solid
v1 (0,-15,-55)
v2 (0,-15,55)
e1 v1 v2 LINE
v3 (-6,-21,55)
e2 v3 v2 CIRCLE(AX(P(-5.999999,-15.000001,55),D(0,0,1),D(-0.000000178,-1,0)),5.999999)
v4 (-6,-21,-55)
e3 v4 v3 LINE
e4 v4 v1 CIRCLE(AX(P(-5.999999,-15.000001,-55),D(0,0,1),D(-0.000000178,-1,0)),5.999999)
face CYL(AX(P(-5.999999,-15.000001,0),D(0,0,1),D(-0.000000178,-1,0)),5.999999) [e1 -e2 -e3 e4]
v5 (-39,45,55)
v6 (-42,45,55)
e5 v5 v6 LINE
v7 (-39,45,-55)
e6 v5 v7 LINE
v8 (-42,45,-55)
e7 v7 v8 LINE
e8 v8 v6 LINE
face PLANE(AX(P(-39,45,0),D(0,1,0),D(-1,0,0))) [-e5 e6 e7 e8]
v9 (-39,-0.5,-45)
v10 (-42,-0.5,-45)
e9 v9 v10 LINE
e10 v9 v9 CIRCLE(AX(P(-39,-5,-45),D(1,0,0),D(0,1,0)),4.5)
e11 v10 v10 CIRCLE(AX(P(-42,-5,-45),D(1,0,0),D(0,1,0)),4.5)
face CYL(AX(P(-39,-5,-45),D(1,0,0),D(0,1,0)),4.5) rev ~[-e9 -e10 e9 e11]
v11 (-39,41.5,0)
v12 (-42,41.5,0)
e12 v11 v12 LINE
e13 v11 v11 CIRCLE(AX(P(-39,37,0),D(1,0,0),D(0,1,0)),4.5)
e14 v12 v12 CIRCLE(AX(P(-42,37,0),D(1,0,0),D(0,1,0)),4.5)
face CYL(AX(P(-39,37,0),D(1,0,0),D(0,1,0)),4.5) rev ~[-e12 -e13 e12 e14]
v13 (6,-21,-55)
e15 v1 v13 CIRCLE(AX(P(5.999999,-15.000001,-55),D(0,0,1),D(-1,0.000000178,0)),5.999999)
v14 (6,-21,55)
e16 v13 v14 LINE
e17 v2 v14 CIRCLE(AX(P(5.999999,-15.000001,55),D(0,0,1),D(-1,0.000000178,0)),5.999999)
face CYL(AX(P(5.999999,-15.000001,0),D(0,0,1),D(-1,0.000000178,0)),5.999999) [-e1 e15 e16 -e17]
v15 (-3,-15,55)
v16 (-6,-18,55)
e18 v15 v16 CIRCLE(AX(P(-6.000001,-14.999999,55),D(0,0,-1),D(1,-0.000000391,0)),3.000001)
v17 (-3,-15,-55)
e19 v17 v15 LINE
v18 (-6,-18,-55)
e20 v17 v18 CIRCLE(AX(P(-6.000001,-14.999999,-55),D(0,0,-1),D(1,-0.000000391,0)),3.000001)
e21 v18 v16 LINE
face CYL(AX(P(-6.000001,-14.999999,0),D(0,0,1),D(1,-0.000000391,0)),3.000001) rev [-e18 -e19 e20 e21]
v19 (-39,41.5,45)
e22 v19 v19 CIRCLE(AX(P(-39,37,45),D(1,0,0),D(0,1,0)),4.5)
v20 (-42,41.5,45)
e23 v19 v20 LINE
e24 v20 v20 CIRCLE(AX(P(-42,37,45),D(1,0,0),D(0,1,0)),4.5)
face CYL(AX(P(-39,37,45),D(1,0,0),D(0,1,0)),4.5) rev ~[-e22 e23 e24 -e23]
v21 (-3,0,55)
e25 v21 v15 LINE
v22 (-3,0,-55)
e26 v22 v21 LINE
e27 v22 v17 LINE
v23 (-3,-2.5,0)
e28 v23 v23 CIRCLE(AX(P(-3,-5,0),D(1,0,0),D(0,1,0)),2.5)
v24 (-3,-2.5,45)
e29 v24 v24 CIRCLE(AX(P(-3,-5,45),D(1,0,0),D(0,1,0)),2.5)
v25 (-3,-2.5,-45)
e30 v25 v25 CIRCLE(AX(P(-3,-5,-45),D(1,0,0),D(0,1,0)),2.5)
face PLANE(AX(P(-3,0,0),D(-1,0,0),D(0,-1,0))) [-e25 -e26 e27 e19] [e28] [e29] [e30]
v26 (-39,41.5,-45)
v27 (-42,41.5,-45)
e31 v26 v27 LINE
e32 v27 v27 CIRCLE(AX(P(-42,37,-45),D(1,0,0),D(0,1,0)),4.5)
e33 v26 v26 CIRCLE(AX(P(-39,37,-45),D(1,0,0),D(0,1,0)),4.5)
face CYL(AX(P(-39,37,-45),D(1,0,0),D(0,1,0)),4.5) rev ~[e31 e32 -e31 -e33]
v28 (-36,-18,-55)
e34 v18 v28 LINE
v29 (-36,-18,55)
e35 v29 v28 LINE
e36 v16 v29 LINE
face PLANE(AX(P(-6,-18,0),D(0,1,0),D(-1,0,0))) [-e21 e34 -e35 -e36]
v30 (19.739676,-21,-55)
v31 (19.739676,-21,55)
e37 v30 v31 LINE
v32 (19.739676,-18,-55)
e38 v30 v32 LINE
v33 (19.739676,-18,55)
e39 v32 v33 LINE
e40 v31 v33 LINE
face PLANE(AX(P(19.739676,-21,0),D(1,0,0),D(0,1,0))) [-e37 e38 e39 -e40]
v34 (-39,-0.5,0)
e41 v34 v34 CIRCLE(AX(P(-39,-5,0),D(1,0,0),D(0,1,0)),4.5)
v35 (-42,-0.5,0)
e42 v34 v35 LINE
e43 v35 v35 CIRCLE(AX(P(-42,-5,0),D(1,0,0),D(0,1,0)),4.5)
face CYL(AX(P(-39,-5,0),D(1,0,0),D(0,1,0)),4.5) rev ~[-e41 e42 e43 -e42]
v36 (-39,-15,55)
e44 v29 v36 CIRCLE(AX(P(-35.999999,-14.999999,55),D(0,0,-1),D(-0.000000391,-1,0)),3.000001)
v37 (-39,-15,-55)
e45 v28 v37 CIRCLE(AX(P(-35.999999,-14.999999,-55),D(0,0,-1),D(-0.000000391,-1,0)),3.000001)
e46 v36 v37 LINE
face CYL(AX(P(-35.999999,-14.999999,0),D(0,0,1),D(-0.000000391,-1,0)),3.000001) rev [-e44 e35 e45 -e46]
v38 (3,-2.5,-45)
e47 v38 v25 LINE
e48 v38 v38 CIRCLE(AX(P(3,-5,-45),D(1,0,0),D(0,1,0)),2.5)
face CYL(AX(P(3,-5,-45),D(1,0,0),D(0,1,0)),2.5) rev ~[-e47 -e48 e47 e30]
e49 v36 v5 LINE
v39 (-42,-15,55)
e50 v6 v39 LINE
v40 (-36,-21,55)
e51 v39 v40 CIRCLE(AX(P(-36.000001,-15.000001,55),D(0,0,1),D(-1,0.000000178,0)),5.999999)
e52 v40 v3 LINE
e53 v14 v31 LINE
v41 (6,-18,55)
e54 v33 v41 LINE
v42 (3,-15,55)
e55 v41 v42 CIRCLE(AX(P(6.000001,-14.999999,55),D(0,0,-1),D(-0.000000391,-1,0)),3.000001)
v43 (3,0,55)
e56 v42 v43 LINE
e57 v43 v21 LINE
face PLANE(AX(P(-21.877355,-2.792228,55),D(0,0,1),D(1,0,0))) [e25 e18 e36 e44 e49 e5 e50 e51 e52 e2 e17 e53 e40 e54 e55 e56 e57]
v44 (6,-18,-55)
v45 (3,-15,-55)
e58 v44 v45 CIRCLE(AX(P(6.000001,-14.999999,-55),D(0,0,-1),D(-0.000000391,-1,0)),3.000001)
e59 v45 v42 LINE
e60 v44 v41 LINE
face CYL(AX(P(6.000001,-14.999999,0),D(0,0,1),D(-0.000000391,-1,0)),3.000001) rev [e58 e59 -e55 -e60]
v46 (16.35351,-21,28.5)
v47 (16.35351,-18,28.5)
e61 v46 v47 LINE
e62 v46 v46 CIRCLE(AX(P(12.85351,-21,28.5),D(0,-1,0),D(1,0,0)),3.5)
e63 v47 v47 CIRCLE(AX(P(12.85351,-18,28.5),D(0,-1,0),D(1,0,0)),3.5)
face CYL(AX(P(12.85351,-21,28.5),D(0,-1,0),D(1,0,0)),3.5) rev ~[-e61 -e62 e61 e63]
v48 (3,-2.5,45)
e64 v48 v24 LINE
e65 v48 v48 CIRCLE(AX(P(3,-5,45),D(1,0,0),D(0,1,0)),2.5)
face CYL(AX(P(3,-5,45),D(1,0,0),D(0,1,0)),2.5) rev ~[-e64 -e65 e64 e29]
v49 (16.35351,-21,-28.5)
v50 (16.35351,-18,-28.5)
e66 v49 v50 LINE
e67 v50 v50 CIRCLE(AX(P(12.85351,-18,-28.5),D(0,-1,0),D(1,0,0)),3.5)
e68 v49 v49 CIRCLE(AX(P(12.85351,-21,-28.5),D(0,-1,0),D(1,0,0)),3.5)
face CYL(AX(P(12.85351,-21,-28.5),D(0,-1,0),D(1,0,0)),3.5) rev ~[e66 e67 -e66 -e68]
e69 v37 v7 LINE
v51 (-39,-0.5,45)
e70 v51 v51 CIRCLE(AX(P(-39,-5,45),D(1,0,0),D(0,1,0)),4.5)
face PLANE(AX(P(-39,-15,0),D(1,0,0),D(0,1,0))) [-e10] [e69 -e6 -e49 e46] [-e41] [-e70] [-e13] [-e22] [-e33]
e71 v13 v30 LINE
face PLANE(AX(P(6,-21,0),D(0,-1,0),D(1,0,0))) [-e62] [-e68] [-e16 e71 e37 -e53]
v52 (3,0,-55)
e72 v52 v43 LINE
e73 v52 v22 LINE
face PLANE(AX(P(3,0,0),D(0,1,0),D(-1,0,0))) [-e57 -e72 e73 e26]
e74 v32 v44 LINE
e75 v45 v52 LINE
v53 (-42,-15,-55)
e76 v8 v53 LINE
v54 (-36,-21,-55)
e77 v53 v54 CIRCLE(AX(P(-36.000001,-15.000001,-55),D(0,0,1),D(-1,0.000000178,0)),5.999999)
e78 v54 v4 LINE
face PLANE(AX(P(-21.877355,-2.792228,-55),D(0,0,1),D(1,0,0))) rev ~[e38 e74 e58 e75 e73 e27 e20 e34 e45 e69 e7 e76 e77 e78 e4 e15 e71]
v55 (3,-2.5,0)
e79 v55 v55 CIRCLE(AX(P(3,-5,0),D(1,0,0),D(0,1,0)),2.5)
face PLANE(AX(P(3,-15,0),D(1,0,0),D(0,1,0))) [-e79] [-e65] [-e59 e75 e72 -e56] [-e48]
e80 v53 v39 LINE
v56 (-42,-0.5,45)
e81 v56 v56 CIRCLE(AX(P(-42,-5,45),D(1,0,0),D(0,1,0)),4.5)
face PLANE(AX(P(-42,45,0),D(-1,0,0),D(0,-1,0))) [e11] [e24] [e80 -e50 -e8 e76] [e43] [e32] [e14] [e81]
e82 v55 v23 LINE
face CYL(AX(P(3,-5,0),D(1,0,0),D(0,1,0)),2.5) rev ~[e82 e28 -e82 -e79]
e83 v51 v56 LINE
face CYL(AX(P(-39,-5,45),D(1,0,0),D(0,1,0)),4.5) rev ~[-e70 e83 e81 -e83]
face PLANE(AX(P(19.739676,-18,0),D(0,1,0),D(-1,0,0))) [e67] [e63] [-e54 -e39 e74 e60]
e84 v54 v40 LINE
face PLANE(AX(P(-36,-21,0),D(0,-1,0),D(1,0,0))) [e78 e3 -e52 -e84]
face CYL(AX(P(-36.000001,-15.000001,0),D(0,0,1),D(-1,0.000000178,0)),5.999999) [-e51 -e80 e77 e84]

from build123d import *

# Parameters (mm, degrees)
F1_DEPTH      = 55
F1_DEPTH_BACK = 55
F2_R          = 2.5
F3_DEPTH      = 45.001
F4_R          = 4.5
F5_DEPTH      = 3
F6_R          = 4.5
F7_DEPTH      = 3
F8_R          = 3.5
F9_DEPTH      = 3


with BuildPart() as f1:
    # F0 (on Top) → F1 (new body, two sides)
    with BuildSketch(Plane.XY) as f1_sk:
        with BuildLine():
            Line((-39, 45), (-42, 45))
            Line((-42, 45), (-42, -15))
            ThreePointArc((-42, -15), (-40.242641, -19.242641), (-36, -21))
            Line((-36, -21), (-6, -21))
            ThreePointArc((-6, -21), (-1.757359, -19.242641), (0, -15))
            ThreePointArc((0, -15), (1.757359, -19.242641), (6, -21))
            Line((6, -21), (19.739676, -21))
            Line((19.739676, -21), (19.739676, -18))
            Line((19.739676, -18), (6, -18))
            ThreePointArc((6, -18), (3.87868, -17.12132), (3, -15))
            Line((3, -15), (3, 0))
            Line((3, 0), (-3, 0))
            Line((-3, 0), (-3, -15))
            ThreePointArc((-3, -15), (-3.87868, -17.12132), (-6, -18))
            Line((-6, -18), (-36, -18))
            ThreePointArc((-36, -18), (-38.12132, -17.12132), (-39, -15))
            Line((-39, -15), (-39, 45))
        make_face()
    extrude(amount=F1_DEPTH)
    extrude(f1_sk.sketch, amount=-F1_DEPTH_BACK)

    # F2 (on face) → F3 (cut, through all)
    with BuildSketch(Plane.YZ.offset(3)):
        with Locations((-5, 45)):
            Circle(F2_R)
        with Locations((-5, 0)):
            Circle(F2_R)
        with Locations((-5, -45)):
            Circle(F2_R)
    extrude(amount=-F3_DEPTH, mode=Mode.SUBTRACT)

    # F4 (on face) → F5 (cut)
    with BuildSketch(Plane.YZ.offset(-39)):
        with Locations((-5, 45)):
            Circle(F4_R)
        with Locations((-5, 0)):
            Circle(F4_R)
        with Locations((-5, -45)):
            Circle(F4_R)
    extrude(amount=-F5_DEPTH, mode=Mode.SUBTRACT)

    # F6 (on face) → F7 (cut)
    with BuildSketch(Plane.YZ.offset(-39)):
        with Locations((37, 0)):
            Circle(F6_R)
        with Locations((37, -45)):
            Circle(F6_R)
        with Locations((37, 45)):
            Circle(F6_R)
    extrude(amount=-F7_DEPTH, mode=Mode.SUBTRACT)

    # F8 (on face) → F9 (cut)
    with BuildSketch(Plane.XZ.offset(21)):
        with Locations((12.85351, 28.5)):
            Circle(F8_R)
        with Locations((12.85351, -28.5)):
            Circle(F8_R)
    extrude(amount=-F9_DEPTH, mode=Mode.SUBTRACT)


solid = f1.part
